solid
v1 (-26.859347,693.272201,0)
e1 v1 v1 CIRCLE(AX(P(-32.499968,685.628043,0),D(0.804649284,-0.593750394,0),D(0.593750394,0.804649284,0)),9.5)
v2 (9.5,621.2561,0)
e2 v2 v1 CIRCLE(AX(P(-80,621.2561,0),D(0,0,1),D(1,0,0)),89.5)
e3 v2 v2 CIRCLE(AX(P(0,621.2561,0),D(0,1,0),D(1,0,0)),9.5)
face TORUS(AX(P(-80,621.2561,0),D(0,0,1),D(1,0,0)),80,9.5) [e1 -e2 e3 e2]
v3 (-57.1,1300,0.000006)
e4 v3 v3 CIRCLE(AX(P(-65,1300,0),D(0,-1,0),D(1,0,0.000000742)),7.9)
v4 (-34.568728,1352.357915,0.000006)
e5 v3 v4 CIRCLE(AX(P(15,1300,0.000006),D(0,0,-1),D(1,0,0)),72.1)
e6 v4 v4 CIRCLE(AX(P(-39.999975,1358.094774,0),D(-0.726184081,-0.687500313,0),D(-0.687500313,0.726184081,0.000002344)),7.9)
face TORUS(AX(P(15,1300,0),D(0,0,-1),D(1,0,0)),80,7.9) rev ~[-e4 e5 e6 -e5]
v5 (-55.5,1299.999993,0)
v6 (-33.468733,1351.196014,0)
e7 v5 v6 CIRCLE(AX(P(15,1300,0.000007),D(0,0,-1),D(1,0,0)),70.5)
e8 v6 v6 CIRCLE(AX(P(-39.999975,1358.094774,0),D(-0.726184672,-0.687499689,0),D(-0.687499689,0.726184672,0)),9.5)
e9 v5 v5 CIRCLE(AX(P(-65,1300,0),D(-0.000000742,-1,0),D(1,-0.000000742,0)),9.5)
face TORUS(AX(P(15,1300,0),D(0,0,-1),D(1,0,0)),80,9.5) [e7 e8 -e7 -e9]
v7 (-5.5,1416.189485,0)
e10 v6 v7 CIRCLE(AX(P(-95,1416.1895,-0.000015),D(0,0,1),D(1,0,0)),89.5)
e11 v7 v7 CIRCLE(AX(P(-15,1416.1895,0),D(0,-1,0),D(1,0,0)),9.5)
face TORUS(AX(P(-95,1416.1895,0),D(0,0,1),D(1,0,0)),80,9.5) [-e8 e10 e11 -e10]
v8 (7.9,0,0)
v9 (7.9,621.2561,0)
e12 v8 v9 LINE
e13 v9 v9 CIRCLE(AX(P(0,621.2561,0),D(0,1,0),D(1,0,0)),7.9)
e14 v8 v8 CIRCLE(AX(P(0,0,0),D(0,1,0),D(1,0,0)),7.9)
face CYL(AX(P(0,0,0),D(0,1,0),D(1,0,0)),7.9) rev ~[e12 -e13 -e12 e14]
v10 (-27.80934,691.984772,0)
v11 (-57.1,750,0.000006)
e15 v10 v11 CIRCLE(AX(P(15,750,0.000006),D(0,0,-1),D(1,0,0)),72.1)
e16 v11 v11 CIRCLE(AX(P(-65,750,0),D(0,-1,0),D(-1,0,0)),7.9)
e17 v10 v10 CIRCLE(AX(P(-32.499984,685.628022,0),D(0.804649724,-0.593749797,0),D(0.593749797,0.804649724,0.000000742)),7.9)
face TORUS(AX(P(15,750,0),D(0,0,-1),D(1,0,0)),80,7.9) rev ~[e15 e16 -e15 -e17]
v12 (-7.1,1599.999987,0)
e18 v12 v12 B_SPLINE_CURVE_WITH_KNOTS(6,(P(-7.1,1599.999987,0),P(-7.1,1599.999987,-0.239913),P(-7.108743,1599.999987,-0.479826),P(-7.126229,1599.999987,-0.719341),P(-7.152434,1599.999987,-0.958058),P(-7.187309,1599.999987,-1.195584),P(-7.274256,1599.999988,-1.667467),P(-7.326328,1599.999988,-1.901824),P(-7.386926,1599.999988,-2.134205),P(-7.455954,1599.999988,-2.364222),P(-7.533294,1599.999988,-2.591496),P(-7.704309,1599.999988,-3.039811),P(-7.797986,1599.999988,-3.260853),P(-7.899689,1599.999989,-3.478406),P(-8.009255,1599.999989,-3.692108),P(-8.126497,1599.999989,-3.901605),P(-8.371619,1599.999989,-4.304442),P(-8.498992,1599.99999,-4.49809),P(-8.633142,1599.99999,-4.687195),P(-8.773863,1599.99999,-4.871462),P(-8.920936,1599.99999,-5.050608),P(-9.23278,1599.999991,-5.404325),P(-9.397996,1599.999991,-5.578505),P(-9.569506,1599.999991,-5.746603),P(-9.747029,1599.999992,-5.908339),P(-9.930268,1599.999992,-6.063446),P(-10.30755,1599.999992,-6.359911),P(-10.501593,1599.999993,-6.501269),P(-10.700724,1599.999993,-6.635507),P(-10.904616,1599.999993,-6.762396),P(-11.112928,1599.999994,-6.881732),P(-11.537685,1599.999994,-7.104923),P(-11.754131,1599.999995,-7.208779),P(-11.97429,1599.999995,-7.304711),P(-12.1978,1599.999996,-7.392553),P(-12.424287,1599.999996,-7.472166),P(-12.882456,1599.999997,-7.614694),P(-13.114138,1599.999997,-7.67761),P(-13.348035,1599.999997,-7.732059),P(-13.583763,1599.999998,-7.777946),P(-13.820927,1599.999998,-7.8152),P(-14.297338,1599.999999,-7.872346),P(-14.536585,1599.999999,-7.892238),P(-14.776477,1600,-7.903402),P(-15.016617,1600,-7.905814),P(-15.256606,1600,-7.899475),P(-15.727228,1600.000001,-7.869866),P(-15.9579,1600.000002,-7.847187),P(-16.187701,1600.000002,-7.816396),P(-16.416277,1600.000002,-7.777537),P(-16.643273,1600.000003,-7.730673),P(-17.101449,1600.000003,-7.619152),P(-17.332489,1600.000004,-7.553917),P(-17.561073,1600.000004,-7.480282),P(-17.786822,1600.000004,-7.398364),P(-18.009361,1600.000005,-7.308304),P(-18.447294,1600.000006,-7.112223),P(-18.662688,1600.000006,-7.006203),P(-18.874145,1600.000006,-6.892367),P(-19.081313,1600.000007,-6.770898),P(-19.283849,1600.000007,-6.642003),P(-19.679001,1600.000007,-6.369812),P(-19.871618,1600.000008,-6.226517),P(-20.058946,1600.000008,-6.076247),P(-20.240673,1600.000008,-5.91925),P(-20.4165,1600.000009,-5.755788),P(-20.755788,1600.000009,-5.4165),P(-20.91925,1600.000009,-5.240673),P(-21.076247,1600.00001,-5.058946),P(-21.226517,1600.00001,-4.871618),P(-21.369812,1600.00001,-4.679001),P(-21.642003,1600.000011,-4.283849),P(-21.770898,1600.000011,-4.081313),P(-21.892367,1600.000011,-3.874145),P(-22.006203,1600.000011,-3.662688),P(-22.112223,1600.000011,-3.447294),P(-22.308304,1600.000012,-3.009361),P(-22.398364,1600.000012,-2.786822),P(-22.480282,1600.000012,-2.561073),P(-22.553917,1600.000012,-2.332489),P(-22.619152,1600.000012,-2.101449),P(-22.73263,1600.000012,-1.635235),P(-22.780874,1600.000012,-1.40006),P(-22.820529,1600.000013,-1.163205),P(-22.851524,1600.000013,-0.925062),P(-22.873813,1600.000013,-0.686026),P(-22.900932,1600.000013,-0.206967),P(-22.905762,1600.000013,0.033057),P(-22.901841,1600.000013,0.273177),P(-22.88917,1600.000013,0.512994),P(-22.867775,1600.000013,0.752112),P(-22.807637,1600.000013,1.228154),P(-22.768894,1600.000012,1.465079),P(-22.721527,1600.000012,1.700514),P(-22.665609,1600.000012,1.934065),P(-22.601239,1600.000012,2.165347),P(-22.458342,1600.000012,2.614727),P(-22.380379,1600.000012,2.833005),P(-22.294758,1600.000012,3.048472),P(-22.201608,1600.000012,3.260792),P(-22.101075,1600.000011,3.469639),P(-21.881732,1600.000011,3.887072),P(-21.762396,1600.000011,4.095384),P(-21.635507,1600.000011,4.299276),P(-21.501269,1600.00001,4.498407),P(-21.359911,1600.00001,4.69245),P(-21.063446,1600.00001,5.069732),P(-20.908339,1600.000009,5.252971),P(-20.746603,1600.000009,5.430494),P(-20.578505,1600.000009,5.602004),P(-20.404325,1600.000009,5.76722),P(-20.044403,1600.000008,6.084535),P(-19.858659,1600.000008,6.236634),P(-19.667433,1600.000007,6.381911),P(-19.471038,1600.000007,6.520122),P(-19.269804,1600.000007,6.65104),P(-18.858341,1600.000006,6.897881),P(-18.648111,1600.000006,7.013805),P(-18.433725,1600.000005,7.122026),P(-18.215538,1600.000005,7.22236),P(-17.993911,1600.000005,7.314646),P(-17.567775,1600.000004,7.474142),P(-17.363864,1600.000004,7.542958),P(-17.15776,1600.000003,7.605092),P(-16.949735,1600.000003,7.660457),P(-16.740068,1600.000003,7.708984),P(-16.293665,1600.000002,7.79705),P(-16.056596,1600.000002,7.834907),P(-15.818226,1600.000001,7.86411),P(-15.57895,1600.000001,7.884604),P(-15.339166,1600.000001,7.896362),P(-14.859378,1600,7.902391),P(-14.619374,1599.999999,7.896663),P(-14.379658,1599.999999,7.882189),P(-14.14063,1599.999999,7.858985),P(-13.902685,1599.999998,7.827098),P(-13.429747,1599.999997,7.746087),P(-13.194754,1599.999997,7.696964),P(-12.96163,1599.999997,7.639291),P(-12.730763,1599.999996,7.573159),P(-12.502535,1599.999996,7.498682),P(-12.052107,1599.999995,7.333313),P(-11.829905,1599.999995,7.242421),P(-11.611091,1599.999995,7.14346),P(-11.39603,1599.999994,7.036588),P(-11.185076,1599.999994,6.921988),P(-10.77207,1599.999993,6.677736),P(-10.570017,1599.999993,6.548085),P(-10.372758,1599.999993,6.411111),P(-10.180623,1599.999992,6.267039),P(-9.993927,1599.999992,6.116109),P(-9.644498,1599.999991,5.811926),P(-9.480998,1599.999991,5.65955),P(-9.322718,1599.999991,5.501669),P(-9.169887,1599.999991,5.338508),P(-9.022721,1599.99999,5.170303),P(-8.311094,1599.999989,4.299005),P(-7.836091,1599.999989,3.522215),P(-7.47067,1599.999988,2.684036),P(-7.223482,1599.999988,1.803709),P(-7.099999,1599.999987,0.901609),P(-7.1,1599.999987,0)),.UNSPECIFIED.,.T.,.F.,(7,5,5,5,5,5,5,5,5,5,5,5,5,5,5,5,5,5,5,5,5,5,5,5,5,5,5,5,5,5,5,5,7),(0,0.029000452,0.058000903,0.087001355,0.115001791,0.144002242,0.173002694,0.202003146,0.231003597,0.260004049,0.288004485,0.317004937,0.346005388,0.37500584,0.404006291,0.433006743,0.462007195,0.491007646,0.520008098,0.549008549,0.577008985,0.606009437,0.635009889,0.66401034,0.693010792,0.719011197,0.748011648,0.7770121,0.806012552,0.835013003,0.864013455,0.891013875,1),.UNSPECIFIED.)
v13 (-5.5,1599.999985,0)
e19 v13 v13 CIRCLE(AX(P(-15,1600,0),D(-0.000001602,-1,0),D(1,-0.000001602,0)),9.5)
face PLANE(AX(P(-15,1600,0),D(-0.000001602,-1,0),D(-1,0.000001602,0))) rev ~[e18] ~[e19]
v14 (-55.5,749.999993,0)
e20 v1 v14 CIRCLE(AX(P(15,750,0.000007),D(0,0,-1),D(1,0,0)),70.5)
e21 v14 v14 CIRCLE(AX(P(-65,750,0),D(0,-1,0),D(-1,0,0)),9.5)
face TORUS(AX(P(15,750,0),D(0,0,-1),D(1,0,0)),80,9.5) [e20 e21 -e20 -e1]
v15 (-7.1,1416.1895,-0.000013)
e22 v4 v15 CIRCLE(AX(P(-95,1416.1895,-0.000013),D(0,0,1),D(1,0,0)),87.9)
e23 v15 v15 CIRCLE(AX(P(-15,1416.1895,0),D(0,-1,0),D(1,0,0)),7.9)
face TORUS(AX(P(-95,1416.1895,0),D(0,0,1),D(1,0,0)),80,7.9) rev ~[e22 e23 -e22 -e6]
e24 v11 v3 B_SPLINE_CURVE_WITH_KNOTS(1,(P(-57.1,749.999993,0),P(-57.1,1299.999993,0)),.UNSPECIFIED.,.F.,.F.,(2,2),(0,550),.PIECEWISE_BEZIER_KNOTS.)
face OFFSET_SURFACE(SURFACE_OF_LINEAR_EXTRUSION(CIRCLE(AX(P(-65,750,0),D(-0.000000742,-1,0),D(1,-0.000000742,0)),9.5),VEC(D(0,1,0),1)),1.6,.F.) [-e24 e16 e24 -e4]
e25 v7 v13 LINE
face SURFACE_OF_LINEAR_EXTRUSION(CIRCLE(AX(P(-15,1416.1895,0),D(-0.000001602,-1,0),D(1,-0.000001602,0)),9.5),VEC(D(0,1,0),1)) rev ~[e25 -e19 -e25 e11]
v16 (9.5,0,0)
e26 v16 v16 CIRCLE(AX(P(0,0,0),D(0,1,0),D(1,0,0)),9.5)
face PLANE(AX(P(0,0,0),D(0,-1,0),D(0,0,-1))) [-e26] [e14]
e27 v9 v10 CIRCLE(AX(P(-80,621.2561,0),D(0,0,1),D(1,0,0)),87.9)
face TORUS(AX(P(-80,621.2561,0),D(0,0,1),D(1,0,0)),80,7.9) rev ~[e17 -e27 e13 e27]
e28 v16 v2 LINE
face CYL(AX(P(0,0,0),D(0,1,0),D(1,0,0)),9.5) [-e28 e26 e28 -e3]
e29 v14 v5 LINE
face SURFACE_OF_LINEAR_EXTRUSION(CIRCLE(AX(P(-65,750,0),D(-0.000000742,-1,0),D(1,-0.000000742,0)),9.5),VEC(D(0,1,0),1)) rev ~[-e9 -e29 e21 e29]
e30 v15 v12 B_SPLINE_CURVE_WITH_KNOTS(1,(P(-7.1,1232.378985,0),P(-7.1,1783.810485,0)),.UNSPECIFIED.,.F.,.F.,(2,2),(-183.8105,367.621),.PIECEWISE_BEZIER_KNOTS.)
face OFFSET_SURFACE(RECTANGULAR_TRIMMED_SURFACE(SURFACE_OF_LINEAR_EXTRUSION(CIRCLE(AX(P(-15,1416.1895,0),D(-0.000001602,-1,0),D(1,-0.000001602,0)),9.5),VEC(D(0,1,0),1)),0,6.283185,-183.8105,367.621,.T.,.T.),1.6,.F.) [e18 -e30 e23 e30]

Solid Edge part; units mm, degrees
sketch "Sketch1" plane through (0, 0, 0) normal (0, 0, 1) x (1, 0, 0)
  line L0 (0, 0) -> (0, 621.2561)
  arc A0 (0, 621.2561) -> (-32.5, 685.628) centre (-80, 621.2561) ccw
  arc A1 (-32.5, 685.628) -> (-65, 750) centre (15, 750) cw
  line L1 (-65, 750) -> (-65, 1300)
  arc A2 (-65, 1300) -> (-40, 1358.0948) centre (15, 1300) cw
  arc A3 (-40, 1358.0948) -> (-15, 1416.1895) centre (-95, 1416.1895) ccw
  line L2 (-15, 1416.1895) -> (-15, 1600)
  dimension "D1" = 80
  dimension "D2" = 750
  dimension "D3" = 1300
  dimension "D4" = 1600
  dimension "D5" = 65
  dimension "D6" = 50
sketch "Sketch2" plane through (0, 0, 0) normal (0, -1, 0) x (1, 0, 0)
  circle A0 centre (0, 0) radius 9.5
  dimension "D1" = 19
sweep "SweptProtrusion_5" add profiles "Sketch2" path "Sketch1"
shell "Thinwall_4" thickness 1.6 removed faces 2 at (-6.1433, 0, 6.5233) at (-8.4767, 1600, 6.1433)
properties material "Aluminum, 1060"
